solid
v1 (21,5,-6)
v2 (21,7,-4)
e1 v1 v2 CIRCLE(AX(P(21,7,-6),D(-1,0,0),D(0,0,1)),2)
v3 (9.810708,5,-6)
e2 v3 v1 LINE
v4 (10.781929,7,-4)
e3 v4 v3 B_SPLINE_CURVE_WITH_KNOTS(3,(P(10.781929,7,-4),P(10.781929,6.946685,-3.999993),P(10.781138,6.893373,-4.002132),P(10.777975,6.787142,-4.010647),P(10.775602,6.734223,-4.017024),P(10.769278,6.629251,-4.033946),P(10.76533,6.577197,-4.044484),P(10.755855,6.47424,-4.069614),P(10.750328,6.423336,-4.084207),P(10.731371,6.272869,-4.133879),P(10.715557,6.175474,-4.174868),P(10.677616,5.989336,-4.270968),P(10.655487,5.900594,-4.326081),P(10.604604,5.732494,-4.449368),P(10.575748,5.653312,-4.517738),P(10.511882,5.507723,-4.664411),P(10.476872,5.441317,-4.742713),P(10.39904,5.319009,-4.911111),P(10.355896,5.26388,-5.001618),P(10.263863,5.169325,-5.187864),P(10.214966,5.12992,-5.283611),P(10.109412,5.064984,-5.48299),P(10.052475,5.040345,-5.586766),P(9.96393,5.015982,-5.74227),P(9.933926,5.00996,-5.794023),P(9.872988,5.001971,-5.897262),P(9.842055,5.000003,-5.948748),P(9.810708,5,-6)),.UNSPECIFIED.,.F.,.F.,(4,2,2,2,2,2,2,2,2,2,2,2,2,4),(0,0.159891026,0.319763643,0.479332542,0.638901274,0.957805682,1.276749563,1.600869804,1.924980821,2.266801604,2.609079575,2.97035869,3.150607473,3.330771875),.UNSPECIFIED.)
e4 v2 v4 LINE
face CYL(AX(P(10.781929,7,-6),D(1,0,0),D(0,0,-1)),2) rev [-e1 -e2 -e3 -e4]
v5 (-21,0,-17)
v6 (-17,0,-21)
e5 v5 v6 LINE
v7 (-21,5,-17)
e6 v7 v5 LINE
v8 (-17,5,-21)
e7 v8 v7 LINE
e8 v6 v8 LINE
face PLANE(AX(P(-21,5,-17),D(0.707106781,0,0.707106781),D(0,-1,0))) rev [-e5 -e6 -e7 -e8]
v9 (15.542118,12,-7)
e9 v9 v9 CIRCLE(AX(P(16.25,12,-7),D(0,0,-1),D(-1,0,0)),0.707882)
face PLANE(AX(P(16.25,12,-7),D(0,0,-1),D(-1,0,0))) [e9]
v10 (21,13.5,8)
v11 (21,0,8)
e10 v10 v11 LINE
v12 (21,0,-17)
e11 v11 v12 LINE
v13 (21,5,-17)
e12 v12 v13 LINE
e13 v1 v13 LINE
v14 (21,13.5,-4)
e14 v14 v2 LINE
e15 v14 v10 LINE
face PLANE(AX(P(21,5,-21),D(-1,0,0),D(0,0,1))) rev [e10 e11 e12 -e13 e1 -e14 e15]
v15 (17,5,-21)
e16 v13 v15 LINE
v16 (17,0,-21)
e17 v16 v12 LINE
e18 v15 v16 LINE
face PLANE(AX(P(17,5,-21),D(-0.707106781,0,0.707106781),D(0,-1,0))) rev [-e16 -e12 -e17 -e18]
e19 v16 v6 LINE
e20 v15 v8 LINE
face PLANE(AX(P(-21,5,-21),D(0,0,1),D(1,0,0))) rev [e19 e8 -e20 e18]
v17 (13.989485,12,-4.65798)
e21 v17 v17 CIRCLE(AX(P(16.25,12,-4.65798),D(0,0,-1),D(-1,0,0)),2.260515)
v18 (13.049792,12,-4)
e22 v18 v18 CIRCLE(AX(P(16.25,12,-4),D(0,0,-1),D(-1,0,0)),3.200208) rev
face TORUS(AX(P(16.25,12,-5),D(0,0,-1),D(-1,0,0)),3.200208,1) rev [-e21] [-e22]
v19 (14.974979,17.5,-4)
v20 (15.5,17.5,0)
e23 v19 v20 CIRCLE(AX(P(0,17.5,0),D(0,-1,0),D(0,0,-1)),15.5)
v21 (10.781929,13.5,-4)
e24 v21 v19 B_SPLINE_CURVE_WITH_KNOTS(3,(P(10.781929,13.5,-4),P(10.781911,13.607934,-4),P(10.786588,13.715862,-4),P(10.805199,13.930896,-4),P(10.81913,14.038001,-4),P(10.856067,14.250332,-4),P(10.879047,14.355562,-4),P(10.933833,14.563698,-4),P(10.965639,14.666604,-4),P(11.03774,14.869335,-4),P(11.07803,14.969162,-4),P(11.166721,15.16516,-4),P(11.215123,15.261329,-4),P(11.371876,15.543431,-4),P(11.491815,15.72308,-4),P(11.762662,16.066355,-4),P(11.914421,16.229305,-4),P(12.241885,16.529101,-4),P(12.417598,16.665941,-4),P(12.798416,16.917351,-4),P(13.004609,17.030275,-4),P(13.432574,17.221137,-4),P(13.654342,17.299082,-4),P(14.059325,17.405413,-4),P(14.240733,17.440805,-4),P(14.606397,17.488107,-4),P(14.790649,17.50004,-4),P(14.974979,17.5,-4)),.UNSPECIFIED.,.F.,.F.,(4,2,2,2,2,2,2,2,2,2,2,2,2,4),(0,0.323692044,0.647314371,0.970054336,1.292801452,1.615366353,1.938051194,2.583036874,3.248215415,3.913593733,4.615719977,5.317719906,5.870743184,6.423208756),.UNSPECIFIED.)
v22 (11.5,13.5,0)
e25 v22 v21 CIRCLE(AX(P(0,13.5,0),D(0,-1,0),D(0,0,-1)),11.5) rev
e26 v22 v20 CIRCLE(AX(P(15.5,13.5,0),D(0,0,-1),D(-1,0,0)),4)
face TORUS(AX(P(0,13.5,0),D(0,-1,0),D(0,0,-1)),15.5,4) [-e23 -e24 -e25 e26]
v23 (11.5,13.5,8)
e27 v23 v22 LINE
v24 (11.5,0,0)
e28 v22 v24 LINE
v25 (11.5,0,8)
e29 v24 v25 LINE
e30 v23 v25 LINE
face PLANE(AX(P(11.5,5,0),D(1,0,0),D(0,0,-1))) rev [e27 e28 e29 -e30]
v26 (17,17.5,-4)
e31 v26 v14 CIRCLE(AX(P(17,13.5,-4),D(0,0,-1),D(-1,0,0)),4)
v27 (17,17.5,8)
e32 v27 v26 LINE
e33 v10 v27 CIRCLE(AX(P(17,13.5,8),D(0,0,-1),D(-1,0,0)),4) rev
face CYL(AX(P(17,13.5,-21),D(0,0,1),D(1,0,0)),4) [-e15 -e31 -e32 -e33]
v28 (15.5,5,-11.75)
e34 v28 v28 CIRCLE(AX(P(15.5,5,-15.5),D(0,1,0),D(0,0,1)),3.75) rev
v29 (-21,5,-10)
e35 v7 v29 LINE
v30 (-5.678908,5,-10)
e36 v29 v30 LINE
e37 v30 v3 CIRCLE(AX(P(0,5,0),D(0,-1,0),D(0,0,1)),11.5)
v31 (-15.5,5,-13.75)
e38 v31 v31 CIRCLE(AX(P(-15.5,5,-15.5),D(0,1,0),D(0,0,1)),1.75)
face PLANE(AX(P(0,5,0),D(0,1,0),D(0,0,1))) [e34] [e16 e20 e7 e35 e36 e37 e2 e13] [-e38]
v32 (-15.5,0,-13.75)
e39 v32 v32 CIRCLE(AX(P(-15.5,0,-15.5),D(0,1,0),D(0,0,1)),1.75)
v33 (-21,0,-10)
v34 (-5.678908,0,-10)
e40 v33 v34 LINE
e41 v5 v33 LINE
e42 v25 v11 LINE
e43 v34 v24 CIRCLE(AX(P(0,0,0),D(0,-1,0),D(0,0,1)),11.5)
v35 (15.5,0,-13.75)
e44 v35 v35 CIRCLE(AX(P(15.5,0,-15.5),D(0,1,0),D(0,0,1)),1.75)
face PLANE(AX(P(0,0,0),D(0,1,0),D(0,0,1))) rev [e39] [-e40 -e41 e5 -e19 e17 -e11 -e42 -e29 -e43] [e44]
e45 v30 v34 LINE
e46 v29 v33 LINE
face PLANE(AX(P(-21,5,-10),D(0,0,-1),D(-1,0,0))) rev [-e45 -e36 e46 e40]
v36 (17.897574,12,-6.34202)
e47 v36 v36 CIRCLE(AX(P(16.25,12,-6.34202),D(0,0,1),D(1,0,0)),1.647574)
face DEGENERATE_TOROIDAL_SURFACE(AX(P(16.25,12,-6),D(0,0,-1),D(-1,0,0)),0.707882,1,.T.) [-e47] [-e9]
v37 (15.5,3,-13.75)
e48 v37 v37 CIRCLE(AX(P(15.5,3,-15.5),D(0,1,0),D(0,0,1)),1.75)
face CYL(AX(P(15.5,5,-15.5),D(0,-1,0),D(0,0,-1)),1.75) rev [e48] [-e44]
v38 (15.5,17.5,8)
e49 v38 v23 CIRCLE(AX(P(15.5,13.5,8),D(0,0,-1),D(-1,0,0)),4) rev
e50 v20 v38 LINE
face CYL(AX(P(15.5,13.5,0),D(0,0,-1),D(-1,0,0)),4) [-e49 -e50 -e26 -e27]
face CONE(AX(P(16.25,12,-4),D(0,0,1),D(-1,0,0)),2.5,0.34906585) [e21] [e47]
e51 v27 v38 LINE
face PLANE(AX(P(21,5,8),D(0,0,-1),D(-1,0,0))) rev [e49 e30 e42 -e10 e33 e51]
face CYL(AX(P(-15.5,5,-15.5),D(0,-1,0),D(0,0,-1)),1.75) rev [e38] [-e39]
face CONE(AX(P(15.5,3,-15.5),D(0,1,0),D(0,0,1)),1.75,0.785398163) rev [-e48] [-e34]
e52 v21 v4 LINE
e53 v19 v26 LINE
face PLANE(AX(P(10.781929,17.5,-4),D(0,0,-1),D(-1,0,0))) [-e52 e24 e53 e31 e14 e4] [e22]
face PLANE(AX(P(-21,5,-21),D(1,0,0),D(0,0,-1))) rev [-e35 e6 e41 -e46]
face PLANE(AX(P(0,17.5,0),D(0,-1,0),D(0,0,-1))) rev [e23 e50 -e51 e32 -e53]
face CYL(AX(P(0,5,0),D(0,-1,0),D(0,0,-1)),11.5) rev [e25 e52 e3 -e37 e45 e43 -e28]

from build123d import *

# Parameters (mm, degrees)
CROQUIS1_R              = 1.75
SALIENTE_EXTRUIR1_DEPTH = 5
CHAFL_N1_SIZE           = 2
SALIENTE_EXTRUIR2_DEPTH = 17.5
CROQUIS4_R              = 2.5
SALIENTE_EXTRUIR3_DEPTH = 3
NGULO_DE_SALIDA1_ANGLE  = 20
REDONDEO1_R             = 1
CHAFL_N2_SIZE           = 4
REDONDEO2_R             = 2
REDONDEO4_R             = 4


with BuildPart() as part:
    # Croquis1 → Saliente-Extruir1 (new body)
    with BuildSketch(Plane(origin=(0, 0, 0), x_dir=(1, 0, 0), z_dir=(0, 1, 0))):
        with BuildLine():
            Line((-21, 21), (21, 21))
            Line((21, 21), (21, -8))
            Line((21, -8), (11.5, -8))
            Line((11.5, -8), (11.5, 0))
            ThreePointArc((11.5, 0), (5.785436631, 9.938748562), (-5.678908346, 10))
            Line((-5.678908346, 10), (-21, 10))
            Line((-21, 10), (-21, 21))
        make_face()
        with Locations((-15.5, 15.5)):
            Circle(CROQUIS1_R, mode=Mode.SUBTRACT)
        with Locations((15.5, 15.5)):
            Circle(CROQUIS1_R, mode=Mode.SUBTRACT)
    extrude(amount=SALIENTE_EXTRUIR1_DEPTH)

    # Chaflán1
    chafl_n1_edges = [part.edges().sort_by_distance(p)[0] for p in [
        (13.75, 5, -15.5),
    ]]
    chamfer(chafl_n1_edges, length=CHAFL_N1_SIZE)

    # Croquis3 → Saliente-Extruir2 (add)
    with BuildSketch(Plane.XZ):
        with BuildLine():
            Line((10.781929326, -4), (21, -4))
            Line((21, -4), (21, 0))
            Line((21, 0), (21, 8))
            Line((21, 8), (11.5, 8))
            Line((11.5, 8), (11.5, 0))
            ThreePointArc((11.5, 0), (11.319058867, -2.031971056), (10.781929326, -4))
        make_face()
    extrude(amount=-SALIENTE_EXTRUIR2_DEPTH)

    # Croquis4 → Saliente-Extruir3 (add)
    with BuildSketch(Plane(origin=(0, 0, -4), x_dir=(-1, 0, 0), z_dir=(0, 0, -1))):
        with Locations((-16.25, 12)):
            Circle(CROQUIS4_R)
    extrude(amount=SALIENTE_EXTRUIR3_DEPTH)

    # Ángulo de salida1
    ngulo_de_salida1_faces = [part.faces().sort_by_distance(p)[0] for p in [
        (18.75, 12, -5.5),
    ]]
    draft(ngulo_de_salida1_faces, Plane(origin=(10.781929326, 17.5, -4), x_dir=(-1, 0, 0), z_dir=(0, 0, -1)), NGULO_DE_SALIDA1_ANGLE)

    # Redondeo1
    redondeo1_edges = [part.edges().sort_by_distance(p)[0] for p in [
        (18.75, 12, -4),
        (17.658089297, 12, -7),
    ]]
    fillet(redondeo1_edges, radius=REDONDEO1_R)

    # Chaflán2
    chafl_n2_edges = [part.edges().sort_by_distance(p)[0] for p in [
        (-21, 2.5, -21),
        (21, 2.5, -21),
    ]]
    chamfer(chafl_n2_edges, length=CHAFL_N2_SIZE)

    # Redondeo2
    redondeo2_edges = [part.edges().sort_by_distance(p)[0] for p in [
        (15.890964663, 5, -4),
    ]]
    fillet(redondeo2_edges, radius=REDONDEO2_R)

    # Redondeo4
    redondeo4_edges = [part.edges().sort_by_distance(p)[0] for p in [
        (21, 17.5, 2),
        (11.319058867, 17.5, -2.031971056),
        (11.5, 17.5, 4),
    ]]
    fillet(redondeo4_edges, radius=REDONDEO4_R)


solid = part.part
